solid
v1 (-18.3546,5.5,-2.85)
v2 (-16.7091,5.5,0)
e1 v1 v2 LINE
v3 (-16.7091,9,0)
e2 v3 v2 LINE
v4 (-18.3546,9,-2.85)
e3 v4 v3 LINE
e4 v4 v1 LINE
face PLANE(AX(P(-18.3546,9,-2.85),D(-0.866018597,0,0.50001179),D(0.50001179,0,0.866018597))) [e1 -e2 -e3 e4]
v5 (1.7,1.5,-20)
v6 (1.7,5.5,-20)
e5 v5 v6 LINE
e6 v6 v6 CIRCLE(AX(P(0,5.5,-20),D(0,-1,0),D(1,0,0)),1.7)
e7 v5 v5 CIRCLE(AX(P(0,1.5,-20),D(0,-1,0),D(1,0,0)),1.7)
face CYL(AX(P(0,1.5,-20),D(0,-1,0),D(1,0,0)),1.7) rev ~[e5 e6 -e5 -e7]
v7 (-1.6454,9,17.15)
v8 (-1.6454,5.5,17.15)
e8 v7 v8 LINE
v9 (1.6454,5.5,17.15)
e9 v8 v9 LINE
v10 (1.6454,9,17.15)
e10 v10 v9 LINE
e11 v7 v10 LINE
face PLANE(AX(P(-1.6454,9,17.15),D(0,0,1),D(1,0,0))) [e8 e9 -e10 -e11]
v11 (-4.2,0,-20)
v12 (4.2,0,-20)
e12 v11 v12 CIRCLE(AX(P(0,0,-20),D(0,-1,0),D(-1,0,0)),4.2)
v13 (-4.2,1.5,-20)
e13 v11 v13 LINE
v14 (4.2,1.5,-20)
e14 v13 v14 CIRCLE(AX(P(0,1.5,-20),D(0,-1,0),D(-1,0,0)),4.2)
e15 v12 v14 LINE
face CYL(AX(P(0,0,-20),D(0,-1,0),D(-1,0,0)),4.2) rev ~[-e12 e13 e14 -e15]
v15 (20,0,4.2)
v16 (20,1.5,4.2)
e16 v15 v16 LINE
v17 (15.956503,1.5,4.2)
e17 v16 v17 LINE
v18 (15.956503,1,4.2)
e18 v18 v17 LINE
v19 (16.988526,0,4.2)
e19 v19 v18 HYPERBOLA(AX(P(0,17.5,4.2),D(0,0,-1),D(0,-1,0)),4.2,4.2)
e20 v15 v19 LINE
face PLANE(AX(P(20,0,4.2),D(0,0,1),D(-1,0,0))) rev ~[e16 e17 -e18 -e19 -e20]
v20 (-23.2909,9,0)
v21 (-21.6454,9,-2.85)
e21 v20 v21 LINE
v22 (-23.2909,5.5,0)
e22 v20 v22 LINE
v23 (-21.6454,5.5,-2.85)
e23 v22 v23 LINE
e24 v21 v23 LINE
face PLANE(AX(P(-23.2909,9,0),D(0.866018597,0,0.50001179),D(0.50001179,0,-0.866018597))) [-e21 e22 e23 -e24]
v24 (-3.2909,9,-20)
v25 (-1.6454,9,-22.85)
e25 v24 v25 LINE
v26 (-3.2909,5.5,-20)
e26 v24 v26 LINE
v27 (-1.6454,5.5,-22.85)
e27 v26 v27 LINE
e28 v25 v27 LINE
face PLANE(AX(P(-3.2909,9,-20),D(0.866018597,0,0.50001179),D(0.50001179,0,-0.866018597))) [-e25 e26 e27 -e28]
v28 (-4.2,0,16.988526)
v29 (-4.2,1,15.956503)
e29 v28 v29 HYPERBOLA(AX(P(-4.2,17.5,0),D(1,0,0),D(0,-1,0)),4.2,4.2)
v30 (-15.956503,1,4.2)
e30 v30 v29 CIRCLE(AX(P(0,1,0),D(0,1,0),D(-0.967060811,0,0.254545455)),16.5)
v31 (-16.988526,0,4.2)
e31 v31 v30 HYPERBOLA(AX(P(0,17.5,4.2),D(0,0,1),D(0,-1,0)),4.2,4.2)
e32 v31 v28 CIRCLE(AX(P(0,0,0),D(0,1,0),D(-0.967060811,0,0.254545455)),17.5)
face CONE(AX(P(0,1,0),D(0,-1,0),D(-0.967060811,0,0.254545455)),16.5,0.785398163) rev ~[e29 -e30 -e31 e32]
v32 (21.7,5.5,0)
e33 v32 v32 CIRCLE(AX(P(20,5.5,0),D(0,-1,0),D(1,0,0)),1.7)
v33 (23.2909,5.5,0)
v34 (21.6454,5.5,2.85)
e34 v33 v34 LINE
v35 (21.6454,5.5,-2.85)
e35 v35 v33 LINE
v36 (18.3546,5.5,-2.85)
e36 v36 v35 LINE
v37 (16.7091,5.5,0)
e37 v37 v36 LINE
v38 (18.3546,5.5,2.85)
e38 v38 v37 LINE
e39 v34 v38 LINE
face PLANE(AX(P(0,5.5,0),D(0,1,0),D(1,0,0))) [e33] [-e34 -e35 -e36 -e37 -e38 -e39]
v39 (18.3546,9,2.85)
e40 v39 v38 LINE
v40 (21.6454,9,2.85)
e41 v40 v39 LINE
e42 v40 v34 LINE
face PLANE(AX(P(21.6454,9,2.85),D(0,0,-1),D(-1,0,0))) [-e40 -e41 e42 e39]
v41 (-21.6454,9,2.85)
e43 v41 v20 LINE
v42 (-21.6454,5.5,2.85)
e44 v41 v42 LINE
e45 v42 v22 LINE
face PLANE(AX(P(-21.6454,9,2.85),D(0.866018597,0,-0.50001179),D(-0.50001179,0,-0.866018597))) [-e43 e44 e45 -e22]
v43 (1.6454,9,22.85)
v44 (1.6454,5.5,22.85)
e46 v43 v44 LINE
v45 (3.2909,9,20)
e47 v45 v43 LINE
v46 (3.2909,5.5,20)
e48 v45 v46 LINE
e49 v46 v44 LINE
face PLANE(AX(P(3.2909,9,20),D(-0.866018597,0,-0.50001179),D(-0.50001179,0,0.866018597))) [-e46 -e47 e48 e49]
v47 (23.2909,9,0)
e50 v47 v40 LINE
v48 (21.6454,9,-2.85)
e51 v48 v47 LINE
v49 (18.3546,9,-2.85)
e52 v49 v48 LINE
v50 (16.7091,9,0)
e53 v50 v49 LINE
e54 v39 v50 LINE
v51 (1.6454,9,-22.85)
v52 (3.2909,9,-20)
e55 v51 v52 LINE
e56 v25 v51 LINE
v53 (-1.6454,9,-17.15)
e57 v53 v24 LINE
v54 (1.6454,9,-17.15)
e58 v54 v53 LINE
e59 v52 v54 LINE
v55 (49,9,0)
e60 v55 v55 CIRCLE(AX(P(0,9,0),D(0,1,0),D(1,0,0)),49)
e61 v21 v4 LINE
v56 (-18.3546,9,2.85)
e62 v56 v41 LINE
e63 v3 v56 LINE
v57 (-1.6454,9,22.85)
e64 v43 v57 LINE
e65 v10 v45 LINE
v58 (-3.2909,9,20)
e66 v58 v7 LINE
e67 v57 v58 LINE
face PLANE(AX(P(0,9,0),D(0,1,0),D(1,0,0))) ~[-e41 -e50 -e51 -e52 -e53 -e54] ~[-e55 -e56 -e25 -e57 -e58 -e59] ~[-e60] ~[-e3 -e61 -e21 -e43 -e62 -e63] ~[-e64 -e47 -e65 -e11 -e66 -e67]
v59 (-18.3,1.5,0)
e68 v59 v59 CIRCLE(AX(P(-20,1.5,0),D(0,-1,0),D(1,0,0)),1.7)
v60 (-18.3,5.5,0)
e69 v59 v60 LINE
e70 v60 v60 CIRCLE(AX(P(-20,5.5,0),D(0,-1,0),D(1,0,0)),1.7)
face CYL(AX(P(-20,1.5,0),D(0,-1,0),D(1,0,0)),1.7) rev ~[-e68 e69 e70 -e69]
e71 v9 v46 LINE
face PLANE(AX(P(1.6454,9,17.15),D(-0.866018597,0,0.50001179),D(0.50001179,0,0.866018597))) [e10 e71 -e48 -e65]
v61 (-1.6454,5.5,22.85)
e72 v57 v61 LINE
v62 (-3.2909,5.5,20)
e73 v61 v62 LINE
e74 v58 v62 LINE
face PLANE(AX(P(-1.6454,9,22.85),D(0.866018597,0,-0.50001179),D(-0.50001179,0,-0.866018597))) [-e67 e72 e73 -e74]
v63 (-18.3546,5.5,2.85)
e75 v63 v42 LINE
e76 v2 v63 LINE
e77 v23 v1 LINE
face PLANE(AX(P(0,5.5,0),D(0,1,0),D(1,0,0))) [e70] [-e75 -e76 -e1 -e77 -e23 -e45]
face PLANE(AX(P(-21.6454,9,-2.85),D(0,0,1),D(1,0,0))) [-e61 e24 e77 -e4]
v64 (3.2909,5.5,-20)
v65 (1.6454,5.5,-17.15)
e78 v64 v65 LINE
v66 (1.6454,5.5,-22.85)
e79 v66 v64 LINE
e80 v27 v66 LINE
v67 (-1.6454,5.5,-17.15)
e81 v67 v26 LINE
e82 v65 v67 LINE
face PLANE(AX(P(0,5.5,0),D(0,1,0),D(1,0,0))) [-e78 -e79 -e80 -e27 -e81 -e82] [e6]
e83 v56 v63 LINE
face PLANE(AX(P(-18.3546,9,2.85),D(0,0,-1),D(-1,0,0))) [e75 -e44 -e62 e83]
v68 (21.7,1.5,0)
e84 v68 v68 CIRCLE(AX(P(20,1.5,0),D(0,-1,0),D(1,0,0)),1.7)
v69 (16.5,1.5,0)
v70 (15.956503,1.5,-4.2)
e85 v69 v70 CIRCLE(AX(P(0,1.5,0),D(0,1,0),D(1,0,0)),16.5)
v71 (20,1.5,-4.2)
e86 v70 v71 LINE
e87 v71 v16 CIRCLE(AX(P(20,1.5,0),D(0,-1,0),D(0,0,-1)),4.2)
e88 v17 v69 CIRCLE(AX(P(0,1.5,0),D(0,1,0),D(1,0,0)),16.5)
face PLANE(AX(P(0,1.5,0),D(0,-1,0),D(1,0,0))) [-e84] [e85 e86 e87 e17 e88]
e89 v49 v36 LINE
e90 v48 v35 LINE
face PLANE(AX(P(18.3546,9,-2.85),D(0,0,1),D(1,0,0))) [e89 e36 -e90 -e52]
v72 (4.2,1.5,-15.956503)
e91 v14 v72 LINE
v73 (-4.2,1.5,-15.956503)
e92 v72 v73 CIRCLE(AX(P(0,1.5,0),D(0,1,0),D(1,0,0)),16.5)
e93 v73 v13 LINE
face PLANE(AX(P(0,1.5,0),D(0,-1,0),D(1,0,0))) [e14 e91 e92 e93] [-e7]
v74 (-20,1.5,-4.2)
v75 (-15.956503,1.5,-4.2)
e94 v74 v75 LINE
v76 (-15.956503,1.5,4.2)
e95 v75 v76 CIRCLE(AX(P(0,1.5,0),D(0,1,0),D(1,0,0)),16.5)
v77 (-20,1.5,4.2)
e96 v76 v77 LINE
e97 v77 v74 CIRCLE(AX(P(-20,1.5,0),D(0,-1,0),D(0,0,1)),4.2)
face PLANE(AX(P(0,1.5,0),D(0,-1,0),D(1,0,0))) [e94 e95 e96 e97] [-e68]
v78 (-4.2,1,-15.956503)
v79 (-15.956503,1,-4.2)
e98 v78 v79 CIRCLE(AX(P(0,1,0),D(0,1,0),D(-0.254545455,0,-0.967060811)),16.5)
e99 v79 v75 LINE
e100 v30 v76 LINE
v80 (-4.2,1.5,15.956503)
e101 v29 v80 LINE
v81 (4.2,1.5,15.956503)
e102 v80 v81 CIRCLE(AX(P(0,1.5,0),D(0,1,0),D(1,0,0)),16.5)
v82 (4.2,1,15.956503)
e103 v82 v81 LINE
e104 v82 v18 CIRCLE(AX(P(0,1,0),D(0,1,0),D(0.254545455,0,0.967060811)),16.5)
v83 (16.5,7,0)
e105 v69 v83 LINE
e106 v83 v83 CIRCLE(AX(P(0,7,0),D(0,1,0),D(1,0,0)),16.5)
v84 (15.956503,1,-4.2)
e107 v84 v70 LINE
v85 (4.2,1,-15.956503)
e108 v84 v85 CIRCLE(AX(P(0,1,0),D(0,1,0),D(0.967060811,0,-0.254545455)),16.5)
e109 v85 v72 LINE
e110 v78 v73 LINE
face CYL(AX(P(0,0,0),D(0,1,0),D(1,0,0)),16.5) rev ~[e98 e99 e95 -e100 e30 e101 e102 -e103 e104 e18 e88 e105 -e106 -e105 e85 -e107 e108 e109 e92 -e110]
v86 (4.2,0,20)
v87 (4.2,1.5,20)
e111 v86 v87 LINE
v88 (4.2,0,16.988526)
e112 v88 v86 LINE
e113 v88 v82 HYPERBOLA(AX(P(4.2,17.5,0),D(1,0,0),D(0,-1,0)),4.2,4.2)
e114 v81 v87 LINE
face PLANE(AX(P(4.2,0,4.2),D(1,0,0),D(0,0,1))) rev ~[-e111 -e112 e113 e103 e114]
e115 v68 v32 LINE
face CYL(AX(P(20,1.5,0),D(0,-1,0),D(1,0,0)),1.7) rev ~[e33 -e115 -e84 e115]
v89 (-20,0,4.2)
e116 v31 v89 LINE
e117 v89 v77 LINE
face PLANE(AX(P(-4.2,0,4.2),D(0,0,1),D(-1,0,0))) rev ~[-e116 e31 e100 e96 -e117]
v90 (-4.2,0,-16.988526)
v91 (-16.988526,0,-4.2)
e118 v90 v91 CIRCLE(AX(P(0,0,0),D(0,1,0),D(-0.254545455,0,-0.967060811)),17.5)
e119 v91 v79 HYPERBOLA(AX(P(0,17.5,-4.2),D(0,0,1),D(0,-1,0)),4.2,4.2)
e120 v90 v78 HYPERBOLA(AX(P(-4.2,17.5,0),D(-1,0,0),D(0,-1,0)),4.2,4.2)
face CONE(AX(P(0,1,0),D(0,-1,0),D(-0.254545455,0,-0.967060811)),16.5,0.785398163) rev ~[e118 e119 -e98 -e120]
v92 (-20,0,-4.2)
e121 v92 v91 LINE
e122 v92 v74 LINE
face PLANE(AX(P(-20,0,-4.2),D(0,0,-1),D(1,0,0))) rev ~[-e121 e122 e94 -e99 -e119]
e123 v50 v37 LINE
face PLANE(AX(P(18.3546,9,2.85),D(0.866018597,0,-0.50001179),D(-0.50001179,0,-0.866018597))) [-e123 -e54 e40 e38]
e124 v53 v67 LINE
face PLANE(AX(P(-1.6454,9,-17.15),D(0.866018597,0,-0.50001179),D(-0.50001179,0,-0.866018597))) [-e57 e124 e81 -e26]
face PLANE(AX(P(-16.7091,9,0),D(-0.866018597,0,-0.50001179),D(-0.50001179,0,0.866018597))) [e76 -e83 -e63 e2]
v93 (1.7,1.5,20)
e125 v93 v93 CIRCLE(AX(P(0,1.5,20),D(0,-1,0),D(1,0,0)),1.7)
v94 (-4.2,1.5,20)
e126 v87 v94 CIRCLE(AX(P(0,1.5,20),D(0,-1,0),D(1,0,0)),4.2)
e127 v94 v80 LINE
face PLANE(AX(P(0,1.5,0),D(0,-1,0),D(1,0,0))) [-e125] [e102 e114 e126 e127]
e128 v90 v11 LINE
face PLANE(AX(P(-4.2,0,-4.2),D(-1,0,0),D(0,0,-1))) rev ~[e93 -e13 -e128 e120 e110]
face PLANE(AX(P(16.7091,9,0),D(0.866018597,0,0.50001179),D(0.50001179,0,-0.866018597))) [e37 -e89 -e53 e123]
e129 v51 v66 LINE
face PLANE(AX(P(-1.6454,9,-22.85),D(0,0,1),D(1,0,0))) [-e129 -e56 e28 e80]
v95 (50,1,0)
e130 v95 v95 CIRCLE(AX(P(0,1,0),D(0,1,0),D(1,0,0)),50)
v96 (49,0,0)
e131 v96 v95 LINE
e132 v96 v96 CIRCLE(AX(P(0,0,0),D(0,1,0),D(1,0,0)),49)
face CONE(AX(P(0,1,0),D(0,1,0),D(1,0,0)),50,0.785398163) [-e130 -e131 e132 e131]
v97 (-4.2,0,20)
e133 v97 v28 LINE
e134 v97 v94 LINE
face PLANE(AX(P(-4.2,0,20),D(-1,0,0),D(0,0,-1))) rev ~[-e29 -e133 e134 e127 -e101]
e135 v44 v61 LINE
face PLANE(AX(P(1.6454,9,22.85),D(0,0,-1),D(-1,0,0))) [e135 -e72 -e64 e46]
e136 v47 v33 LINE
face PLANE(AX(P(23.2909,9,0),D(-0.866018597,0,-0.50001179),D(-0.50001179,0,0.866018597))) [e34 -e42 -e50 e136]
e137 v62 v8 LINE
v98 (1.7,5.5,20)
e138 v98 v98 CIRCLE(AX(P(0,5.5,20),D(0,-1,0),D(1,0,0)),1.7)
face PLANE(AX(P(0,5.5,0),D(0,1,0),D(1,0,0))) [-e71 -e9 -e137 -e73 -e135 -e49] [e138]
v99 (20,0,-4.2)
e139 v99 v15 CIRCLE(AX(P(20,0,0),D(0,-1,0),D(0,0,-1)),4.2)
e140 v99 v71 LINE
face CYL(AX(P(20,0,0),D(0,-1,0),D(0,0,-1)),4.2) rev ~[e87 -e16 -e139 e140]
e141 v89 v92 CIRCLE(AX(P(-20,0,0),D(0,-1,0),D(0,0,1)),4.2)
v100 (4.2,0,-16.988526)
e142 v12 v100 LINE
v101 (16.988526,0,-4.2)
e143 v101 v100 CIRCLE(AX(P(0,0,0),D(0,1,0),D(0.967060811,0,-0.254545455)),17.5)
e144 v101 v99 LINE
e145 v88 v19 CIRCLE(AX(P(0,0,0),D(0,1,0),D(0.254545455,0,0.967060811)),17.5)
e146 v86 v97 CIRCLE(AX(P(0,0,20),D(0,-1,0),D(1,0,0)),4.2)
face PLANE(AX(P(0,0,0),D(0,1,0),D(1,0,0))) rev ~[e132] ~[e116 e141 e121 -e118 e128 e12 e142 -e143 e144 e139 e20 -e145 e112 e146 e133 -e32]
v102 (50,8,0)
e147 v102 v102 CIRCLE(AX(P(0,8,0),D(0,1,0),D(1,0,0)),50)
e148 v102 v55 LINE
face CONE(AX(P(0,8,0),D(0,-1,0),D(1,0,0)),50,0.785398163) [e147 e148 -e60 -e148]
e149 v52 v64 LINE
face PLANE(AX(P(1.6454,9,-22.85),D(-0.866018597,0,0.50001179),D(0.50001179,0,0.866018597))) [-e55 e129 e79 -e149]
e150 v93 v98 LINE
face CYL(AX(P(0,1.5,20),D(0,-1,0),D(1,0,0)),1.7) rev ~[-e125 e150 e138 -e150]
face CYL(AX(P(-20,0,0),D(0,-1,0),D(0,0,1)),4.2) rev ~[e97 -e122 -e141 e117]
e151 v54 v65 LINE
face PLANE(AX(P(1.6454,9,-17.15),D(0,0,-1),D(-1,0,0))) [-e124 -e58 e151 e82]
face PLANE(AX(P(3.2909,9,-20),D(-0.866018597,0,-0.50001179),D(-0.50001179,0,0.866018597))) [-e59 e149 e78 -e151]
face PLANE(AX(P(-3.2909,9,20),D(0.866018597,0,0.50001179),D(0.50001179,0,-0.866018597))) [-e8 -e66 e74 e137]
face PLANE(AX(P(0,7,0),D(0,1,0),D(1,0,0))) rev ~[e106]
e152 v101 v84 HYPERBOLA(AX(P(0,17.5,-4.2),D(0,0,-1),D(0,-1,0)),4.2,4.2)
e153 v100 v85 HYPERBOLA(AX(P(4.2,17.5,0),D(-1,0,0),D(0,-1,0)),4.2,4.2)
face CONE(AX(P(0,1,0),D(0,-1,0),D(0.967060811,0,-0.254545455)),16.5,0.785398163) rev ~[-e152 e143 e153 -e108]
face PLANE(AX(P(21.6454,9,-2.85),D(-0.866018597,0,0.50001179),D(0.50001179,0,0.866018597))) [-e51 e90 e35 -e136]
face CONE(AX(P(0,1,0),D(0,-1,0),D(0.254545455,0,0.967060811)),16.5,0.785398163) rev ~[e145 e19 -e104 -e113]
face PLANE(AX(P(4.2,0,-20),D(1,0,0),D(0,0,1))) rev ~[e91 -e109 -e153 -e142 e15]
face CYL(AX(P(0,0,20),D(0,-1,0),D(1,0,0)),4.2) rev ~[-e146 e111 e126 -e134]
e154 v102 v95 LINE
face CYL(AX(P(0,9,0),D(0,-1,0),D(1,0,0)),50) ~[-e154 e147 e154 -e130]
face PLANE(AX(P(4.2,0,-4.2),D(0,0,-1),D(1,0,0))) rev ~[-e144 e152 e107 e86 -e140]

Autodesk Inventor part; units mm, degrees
ref_plane "YZ Plane" through (0, 0, 0) normal (1, 0, 0) x (0, 1, 0)
ref_plane "XZ Plane" through (0, 0, 0) normal (0, 1, 0) x (-1, 0, 0)
ref_plane "XY Plane" through (0, 0, 0) normal (0, 0, 1) x (1, 0, 0)
sketch "Sketch1" plane through (0, 0, 0) normal (0, 0, 1) x (1, 0, 0)
  line L0 (0, 0) -> (16.5, 0) construction
  line L1 (16.5, 0) -> (16.5, 7)
  line L2 (16.5, 7) -> (0, 7)
  line L3 (0, 7) -> (0, 9)
  line L4 (0, 9) -> (50, 9)
  line L5 (50, 9) -> (50, 0)
  line L6 (50, 0) -> (16.5, 0)
  line L7 (0, 7) -> (0, 0) construction
  dimension "d0" = 16.5
  dimension "d1" = 7
  dimension "d2" = 2
  dimension "d3" = 50
revolve "Revolution1" add sketch "Sketch1" angle 360 about axis through (0, 7, 0) along (0, 1, 0)
sketch "Sketch2" plane through (0, 0, 0) normal (0, -1, 0) x (1, 0, 0)
  line L0 (0, 20) -> (0, -20) construction
  line L1 (-4.2, 20) -> (-4.2, -20)
  line L2 (4.2, -20) -> (4.2, 20)
  arc A0 (4.2, 20) -> (-4.2, 20) centre (0, 20) ccw
  arc A1 (-4.2, -20) -> (4.2, -20) centre (0, -20) ccw
  line L3 (-20, 0) -> (20, 0) construction
  line L4 (-20, -4.2) -> (20, -4.2)
  line L5 (20, 4.2) -> (-20, 4.2)
  arc A2 (-20, 4.2) -> (-20, -4.2) centre (-20, 0) ccw
  arc A3 (20, -4.2) -> (20, 4.2) centre (20, 0) ccw
  point P0 (0, 0)
  point P1 (4.2, 4.2)
  point P2 (-4.2, 4.2)
  point P3 (-4.2, -4.2)
  point P4 (4.2, -4.2)
  dimension "d5" = 4.2
  dimension "d6" = 40
  dimension "d7" = 40
extrude "Extrusion1" cut sketch "Sketch2" against normal blind 1.5
sketch "Sketch3" plane through (0, 1.5, 0) normal (0, -1, 0) x (1, 0, 0)
  arc A0 (4.2, 20) -> (-4.2, 20) centre (0, 20) ccw projected
  circle A1 centre (0, 20) radius 1.7
  arc A2 (20, -4.2) -> (20, 4.2) centre (20, 0) ccw projected
  circle A3 centre (20, 0) radius 1.7
  arc A4 (-4.2, -20) -> (4.2, -20) centre (0, -20) ccw projected
  circle A5 centre (0, -20) radius 1.7
  arc A6 (-20, 4.2) -> (-20, -4.2) centre (-20, 0) ccw projected
  circle A7 centre (-20, 0) radius 1.7
  point P0 (0, 0)
  dimension "d10" = 3.4
extrude "Extrusion2" cut sketch "Sketch3" against normal through all
sketch "Sketch4" plane through (0, 9, 0) normal (0, 1, 0) x (1, 0, 0)
  circle A0 centre (0, -20) radius 1.7 projected
  line L0 (-1.6454, -17.15) -> (1.6454, -17.15)
  line L1 (1.6454, -17.15) -> (3.2909, -20)
  line L2 (3.2909, -20) -> (1.6454, -22.85)
  line L3 (1.6454, -22.85) -> (-1.6454, -22.85)
  line L4 (-1.6454, -22.85) -> (-3.2909, -20)
  line L5 (-3.2909, -20) -> (-1.6454, -17.15)
  circle A1 centre (0, 20) radius 1.7 projected
  line L6 (-1.6454, 17.15) -> (-3.2909, 20)
  line L7 (-3.2909, 20) -> (-1.6454, 22.85)
  line L8 (-1.6454, 22.85) -> (1.6454, 22.85)
  line L9 (1.6454, 22.85) -> (3.2909, 20)
  line L10 (3.2909, 20) -> (1.6454, 17.15)
  line L11 (1.6454, 17.15) -> (-1.6454, 17.15)
  circle A2 centre (20, 0) radius 1.7 projected
  line L12 (21.6454, 2.85) -> (23.2909, 0)
  line L13 (23.2909, 0) -> (21.6454, -2.85)
  line L14 (21.6454, -2.85) -> (18.3546, -2.85)
  line L15 (18.3546, -2.85) -> (16.7091, 0)
  line L16 (16.7091, 0) -> (18.3546, 2.85)
  line L17 (18.3546, 2.85) -> (21.6454, 2.85)
  circle A3 centre (-20, 0) radius 1.7 projected
  line L18 (-21.6454, 2.85) -> (-18.3546, 2.85)
  line L19 (-18.3546, 2.85) -> (-16.7091, 0)
  line L20 (-16.7091, 0) -> (-18.3546, -2.85)
  line L21 (-18.3546, -2.85) -> (-21.6454, -2.85)
  line L22 (-21.6454, -2.85) -> (-23.2909, 0)
  line L23 (-23.2909, 0) -> (-21.6454, 2.85)
  point P0 (0, 0)
  point P1 (0, -20)
  point P2 (0, 20)
  dimension "d13" = 5.7
extrude "Extrusion3" cut sketch "Sketch4" against normal blind 3.5 contours A0 | L0 L1 L2 L3 L4 L5 | A1 | L6 L7 L8 L9 L10 L11 | A2 | L12 L13 L14 L15 L16 L17 | A3 | L18 L19 L20 L21 L22 L23
chamfer "Chamfer1" distance 1 angle 45 2 edges at (-50, 0, 0) (-50, 9, 0)
chamfer "Chamfer2" distance 1 angle 45 4 edges at (-11.6673, 0, -11.6673) (-11.6673, 0, 11.6673) (11.6673, 0, 11.6673) (11.6673, 0, -11.6673)
properties part number "Platform"
